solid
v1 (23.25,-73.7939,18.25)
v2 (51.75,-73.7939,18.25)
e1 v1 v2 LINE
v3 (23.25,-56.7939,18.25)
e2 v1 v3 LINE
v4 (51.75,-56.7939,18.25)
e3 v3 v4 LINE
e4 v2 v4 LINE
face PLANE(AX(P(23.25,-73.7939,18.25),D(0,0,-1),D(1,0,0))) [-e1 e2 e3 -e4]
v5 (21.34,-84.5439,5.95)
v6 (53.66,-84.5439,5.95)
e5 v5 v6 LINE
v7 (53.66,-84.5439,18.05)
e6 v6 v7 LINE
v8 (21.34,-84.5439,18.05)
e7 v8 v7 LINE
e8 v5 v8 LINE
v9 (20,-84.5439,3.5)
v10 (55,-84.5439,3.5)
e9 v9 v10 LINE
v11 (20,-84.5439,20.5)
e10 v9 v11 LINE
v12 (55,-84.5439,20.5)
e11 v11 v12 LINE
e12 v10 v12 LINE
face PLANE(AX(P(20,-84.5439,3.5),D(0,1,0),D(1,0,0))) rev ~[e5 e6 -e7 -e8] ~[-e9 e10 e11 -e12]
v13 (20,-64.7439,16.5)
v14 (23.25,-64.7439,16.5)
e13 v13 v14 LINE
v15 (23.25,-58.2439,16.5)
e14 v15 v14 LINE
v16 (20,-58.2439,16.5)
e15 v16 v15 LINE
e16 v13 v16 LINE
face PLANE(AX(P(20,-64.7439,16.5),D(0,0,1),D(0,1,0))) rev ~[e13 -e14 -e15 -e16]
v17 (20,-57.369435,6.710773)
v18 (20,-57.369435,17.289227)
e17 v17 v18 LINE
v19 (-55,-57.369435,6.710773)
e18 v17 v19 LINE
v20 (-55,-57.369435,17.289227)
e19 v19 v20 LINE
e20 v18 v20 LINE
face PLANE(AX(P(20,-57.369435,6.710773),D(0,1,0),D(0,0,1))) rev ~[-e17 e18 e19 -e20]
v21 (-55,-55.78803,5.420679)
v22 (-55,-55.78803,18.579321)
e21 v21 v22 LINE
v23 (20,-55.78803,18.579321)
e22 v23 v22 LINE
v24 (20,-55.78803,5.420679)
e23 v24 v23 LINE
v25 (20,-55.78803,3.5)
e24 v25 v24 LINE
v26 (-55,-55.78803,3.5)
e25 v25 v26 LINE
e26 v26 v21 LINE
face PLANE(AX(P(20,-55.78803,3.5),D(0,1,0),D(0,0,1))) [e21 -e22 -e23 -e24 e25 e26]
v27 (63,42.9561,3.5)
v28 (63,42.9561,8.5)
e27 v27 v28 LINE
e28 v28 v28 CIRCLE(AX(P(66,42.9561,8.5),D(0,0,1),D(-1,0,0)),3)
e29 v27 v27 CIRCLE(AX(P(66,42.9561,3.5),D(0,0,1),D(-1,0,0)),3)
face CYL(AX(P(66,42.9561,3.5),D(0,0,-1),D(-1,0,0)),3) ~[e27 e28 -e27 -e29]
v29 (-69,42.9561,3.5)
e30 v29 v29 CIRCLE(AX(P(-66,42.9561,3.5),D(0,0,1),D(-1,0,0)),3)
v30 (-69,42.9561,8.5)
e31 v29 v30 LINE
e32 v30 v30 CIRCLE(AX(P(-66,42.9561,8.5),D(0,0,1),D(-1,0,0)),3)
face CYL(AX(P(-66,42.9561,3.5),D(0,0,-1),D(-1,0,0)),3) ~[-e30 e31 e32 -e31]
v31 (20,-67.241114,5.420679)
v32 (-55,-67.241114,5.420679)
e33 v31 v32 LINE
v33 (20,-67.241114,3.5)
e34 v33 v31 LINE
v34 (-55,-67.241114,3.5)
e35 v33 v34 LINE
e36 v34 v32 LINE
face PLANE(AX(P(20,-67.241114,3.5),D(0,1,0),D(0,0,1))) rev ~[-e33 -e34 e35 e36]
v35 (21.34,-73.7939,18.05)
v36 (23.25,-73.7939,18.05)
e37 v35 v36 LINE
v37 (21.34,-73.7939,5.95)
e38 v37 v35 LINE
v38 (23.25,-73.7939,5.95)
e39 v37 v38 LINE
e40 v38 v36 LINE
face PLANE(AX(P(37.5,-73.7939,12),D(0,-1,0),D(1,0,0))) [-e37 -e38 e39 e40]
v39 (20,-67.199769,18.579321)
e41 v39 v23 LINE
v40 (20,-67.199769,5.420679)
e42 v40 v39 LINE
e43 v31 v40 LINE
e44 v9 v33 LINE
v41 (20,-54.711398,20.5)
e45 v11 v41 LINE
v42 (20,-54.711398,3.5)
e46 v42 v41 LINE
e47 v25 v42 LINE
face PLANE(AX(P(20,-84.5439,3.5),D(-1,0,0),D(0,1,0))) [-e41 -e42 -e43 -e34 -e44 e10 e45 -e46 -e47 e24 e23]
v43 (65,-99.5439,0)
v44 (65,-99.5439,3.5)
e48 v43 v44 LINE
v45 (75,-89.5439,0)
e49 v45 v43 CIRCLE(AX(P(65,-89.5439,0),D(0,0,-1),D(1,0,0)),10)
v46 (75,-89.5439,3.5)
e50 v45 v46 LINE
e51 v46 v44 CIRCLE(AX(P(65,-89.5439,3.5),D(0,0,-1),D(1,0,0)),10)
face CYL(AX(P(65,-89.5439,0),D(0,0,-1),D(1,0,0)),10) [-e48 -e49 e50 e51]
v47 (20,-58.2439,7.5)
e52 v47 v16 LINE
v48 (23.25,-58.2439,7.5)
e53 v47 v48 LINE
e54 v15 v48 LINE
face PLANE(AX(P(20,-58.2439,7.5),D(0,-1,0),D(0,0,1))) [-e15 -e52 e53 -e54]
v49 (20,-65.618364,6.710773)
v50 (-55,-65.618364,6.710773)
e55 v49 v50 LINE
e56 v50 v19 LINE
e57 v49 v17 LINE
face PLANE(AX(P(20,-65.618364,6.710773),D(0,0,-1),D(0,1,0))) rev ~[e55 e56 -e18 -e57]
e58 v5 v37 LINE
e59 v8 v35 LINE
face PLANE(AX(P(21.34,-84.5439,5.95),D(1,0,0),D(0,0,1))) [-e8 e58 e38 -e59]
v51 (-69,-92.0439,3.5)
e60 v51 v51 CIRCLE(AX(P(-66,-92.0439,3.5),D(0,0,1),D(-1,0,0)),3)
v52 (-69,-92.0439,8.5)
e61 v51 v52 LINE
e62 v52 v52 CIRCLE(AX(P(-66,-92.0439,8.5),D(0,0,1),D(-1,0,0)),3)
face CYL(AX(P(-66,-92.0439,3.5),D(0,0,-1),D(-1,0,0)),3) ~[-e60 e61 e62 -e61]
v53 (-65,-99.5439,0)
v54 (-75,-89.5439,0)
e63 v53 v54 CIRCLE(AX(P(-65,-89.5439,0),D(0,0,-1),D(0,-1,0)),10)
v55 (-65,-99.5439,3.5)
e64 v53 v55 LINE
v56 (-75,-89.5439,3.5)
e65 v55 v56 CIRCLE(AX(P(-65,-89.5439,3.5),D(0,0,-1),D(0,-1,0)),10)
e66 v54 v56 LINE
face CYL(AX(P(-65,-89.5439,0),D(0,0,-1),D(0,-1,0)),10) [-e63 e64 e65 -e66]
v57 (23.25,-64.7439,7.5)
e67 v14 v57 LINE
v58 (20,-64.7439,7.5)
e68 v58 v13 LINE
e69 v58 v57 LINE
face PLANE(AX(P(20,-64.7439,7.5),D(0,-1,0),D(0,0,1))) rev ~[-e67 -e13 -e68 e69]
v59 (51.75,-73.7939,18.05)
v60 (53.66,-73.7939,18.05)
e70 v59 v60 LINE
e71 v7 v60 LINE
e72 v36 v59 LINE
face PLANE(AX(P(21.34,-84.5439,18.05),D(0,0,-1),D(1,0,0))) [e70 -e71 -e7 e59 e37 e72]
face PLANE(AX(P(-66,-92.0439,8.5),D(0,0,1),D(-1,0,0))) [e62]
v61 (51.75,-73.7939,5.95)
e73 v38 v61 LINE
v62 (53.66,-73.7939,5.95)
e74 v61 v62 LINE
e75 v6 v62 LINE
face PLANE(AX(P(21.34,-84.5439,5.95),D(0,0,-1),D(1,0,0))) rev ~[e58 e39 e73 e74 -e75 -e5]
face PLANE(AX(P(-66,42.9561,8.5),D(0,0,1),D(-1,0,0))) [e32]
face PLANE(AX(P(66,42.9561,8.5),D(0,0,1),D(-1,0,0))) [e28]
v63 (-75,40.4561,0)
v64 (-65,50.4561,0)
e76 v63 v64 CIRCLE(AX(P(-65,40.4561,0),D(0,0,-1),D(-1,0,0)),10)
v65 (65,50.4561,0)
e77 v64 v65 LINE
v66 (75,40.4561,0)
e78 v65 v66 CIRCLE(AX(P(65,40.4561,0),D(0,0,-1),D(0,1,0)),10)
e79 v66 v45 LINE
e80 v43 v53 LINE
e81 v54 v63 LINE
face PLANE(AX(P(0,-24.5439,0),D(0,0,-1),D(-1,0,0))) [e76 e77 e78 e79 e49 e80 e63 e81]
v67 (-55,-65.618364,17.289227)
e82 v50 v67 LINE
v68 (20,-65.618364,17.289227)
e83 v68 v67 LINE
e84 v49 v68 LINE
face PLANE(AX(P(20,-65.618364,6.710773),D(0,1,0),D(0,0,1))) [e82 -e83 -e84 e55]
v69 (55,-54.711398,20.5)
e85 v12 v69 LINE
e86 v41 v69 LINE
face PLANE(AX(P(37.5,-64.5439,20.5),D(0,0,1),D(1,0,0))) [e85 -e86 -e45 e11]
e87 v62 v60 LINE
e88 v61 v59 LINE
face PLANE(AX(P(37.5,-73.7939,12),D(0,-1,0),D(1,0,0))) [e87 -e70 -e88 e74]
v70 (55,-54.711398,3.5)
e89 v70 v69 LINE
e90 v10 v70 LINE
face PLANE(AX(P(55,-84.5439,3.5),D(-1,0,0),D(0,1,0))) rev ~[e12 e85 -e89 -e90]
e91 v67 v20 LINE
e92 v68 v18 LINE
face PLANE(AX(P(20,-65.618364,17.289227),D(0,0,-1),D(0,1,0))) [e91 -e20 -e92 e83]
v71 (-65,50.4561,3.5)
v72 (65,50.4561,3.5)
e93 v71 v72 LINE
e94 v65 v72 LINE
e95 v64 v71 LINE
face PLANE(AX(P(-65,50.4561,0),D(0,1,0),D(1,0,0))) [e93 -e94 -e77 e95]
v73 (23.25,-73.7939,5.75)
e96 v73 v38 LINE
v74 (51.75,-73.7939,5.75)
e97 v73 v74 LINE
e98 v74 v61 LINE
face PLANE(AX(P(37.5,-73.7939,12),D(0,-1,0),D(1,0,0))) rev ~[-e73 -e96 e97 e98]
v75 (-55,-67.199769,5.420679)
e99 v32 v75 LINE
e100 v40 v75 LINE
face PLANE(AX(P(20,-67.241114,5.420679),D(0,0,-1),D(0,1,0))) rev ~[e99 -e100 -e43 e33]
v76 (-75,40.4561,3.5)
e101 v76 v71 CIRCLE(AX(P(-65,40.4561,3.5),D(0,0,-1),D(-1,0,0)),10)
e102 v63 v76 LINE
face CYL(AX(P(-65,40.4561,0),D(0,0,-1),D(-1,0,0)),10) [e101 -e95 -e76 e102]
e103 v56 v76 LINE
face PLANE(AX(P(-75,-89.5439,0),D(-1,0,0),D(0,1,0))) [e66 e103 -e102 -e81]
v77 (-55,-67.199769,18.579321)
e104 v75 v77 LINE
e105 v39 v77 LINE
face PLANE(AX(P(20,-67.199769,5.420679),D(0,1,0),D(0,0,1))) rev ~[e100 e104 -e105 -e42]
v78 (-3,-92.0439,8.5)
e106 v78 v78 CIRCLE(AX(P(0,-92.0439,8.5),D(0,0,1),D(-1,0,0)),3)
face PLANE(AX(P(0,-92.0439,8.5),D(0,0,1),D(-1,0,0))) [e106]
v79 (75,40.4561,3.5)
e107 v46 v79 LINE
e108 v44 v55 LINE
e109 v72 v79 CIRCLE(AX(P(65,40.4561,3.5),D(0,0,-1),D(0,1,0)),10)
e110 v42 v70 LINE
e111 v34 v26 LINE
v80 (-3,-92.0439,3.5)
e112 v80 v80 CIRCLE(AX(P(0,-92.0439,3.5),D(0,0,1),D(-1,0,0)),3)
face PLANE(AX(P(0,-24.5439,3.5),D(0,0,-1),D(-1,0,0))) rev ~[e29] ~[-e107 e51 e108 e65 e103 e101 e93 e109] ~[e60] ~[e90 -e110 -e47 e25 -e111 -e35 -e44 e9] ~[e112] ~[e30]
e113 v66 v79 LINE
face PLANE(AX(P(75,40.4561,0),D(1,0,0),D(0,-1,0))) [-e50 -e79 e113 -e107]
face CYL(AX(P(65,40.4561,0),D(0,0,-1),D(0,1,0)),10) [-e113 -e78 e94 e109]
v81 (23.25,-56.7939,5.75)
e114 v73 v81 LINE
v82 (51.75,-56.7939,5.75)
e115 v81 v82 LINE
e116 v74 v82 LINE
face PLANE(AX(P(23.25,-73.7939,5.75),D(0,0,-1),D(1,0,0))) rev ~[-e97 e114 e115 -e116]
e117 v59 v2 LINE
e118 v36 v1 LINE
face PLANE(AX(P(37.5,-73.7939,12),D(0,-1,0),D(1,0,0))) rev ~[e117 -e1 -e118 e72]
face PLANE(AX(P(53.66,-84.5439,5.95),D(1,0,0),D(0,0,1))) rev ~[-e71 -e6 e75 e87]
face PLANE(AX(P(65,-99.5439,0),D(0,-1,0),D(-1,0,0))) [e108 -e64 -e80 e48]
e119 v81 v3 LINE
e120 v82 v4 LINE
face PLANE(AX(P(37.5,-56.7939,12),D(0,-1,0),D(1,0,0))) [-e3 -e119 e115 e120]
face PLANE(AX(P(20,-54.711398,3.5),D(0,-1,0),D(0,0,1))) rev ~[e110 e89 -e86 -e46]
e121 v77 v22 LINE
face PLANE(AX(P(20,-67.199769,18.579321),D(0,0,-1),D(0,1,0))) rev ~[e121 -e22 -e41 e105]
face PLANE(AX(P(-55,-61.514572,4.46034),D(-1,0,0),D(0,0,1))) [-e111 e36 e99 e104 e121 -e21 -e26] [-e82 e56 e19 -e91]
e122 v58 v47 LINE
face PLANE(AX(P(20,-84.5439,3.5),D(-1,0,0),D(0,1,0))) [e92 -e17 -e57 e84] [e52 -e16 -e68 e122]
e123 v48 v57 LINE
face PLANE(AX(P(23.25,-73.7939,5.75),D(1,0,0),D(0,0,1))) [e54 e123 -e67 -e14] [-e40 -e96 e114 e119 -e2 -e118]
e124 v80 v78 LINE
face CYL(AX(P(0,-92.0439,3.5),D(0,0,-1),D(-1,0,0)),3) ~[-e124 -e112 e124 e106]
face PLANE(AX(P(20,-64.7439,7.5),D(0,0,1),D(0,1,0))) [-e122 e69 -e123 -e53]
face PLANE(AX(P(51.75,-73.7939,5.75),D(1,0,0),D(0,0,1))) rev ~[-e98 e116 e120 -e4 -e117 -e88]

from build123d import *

# Parameters (mm, degrees)
BOSS_EXTRUDE1_DEPTH  = 3.5
SKETCH3_W            = 35
SKETCH3_H            = 40
BOSS_EXTRUDE2_DEPTH  = 17
SKETCH5_W            = 32.32
SKETCH5_H            = 12.1
CUT_EXTRUDE1_DEPTH   = 10.75
SKETCH6_W            = 28.5
SKETCH6_H            = 12.5
CUT_EXTRUDE2_DEPTH   = 17
SKETCH10_R           = 3
BOSS_EXTRUDE7_DEPTH  = 5
SKETCH11_R           = 3
BOSS_EXTRUDE8_DEPTH  = 5
SKETCH12_W           = 9
SKETCH12_H           = 6.5
CUT_EXTRUDE3_DEPTH   = 20
SKETCH13_W           = 17
SKETCH13_H           = 6.985272442
CUT_EXTRUDE4_DEPTH   = 140.119509628
SKETCH14_W           = 17
SKETCH14_H           = 3.182225524
CUT_EXTRUDE5_DEPTH   = 140.119509628
SKETCH15_W           = 13.15864123
SKETCH15_H           = 11.411738648
SKETCH15_W_2         = 10.578454188
SKETCH15_H_2         = 8.248928726
BOSS_EXTRUDE9_DEPTH  = 75
SKETCH16_W           = 1.920679385
SKETCH16_H           = 11.453083587
BOSS_EXTRUDE10_DEPTH = 75


with BuildPart() as part:
    # Sketch2 → Boss-Extrude1 (new body)
    with BuildSketch(Plane.XY):
        with BuildLine():
            Line((65, -99.543899658), (-65, -99.543899658))
            ThreePointArc((-65, -99.543899658), (-72.071067812, -96.61496747), (-75, -89.543899658))
            Line((-75, -89.543899658), (-75, 40.456100342))
            ThreePointArc((-75, 40.456100342), (-72.071067812, 47.527168154), (-65, 50.456100342))
            Line((-65, 50.456100342), (65, 50.456100342))
            ThreePointArc((65, 50.456100342), (72.071067812, 47.527168154), (75, 40.456100342))
            Line((75, 40.456100342), (75, -89.543899658))
            ThreePointArc((75, -89.543899658), (72.071067812, -96.61496747), (65, -99.543899658))
        make_face()
    extrude(amount=BOSS_EXTRUDE1_DEPTH)

    # Sketch3 → Boss-Extrude2 (add)
    with BuildSketch(Plane.XY.offset(3.5)):
        with Locations((37.5, -64.543899658)):
            Rectangle(SKETCH3_W, SKETCH3_H)
    extrude(amount=BOSS_EXTRUDE2_DEPTH)

    # Sketch5 → Cut-Extrude1 (cut)
    with BuildSketch(Plane.XZ.offset(84.543899658)):
        with Locations((37.5, 12)):
            Rectangle(SKETCH5_W, SKETCH5_H)
    extrude(amount=-CUT_EXTRUDE1_DEPTH, mode=Mode.SUBTRACT)

    # Sketch6 → Cut-Extrude2 (cut)
    with BuildSketch(Plane.XZ.offset(73.793899658)):
        with Locations((37.5, 12)):
            Rectangle(SKETCH6_W, SKETCH6_H)
    extrude(amount=-CUT_EXTRUDE2_DEPTH, mode=Mode.SUBTRACT)

    # Sketch10 → Boss-Extrude7 (add)
    with BuildSketch(Plane.XY.offset(3.5)):
        with Locations((0, -92.043899658)):
            Circle(SKETCH10_R)
        with Locations((-66, -92.043899658)):
            Circle(SKETCH10_R)
    extrude(amount=BOSS_EXTRUDE7_DEPTH)

    # Sketch11 → Boss-Extrude8 (add)
    with BuildSketch(Plane.XY.offset(3.5)):
        with Locations((-66, 42.956100342)):
            Circle(SKETCH11_R)
        with Locations((66, 42.956100342)):
            Circle(SKETCH11_R)
    extrude(amount=BOSS_EXTRUDE8_DEPTH)

    # Sketch12 → Cut-Extrude3 (cut)
    with BuildSketch(Plane.ZY.offset(-20)):
        with Locations((12, -61.493899658)):
            Rectangle(SKETCH12_W, SKETCH12_H)
    extrude(amount=-CUT_EXTRUDE3_DEPTH, mode=Mode.SUBTRACT)

    # Sketch13 → Cut-Extrude4 (cut, through all)
    with BuildSketch(Plane.ZY.offset(-20)):
        with Locations((12, -48.036535879)):
            Rectangle(SKETCH13_W, SKETCH13_H)
    extrude(amount=-CUT_EXTRUDE4_DEPTH, mode=Mode.SUBTRACT)

    # Sketch14 → Cut-Extrude5 (cut, through all)
    with BuildSketch(Plane.ZY.offset(-20)):
        with Locations((12, -53.120284862)):
            Rectangle(SKETCH14_W, SKETCH14_H)
    extrude(amount=-CUT_EXTRUDE5_DEPTH, mode=Mode.SUBTRACT)

    # Sketch15 → Boss-Extrude9 (add)
    with BuildSketch(Plane.ZY.offset(-20)):
        with Locations((12, -61.493899658)):
            Rectangle(SKETCH15_W, SKETCH15_H)
        with Locations((12, -61.493899658)):
            Rectangle(SKETCH15_W_2, SKETCH15_H_2, mode=Mode.SUBTRACT)
    extrude(amount=BOSS_EXTRUDE9_DEPTH)

    # Sketch16 → Boss-Extrude10 (add)
    with BuildSketch(Plane.ZY.offset(-20)):
        with Locations((4.460339692, -61.514572128)):
            Rectangle(SKETCH16_W, SKETCH16_H)
    extrude(amount=BOSS_EXTRUDE10_DEPTH)


solid = part.part
